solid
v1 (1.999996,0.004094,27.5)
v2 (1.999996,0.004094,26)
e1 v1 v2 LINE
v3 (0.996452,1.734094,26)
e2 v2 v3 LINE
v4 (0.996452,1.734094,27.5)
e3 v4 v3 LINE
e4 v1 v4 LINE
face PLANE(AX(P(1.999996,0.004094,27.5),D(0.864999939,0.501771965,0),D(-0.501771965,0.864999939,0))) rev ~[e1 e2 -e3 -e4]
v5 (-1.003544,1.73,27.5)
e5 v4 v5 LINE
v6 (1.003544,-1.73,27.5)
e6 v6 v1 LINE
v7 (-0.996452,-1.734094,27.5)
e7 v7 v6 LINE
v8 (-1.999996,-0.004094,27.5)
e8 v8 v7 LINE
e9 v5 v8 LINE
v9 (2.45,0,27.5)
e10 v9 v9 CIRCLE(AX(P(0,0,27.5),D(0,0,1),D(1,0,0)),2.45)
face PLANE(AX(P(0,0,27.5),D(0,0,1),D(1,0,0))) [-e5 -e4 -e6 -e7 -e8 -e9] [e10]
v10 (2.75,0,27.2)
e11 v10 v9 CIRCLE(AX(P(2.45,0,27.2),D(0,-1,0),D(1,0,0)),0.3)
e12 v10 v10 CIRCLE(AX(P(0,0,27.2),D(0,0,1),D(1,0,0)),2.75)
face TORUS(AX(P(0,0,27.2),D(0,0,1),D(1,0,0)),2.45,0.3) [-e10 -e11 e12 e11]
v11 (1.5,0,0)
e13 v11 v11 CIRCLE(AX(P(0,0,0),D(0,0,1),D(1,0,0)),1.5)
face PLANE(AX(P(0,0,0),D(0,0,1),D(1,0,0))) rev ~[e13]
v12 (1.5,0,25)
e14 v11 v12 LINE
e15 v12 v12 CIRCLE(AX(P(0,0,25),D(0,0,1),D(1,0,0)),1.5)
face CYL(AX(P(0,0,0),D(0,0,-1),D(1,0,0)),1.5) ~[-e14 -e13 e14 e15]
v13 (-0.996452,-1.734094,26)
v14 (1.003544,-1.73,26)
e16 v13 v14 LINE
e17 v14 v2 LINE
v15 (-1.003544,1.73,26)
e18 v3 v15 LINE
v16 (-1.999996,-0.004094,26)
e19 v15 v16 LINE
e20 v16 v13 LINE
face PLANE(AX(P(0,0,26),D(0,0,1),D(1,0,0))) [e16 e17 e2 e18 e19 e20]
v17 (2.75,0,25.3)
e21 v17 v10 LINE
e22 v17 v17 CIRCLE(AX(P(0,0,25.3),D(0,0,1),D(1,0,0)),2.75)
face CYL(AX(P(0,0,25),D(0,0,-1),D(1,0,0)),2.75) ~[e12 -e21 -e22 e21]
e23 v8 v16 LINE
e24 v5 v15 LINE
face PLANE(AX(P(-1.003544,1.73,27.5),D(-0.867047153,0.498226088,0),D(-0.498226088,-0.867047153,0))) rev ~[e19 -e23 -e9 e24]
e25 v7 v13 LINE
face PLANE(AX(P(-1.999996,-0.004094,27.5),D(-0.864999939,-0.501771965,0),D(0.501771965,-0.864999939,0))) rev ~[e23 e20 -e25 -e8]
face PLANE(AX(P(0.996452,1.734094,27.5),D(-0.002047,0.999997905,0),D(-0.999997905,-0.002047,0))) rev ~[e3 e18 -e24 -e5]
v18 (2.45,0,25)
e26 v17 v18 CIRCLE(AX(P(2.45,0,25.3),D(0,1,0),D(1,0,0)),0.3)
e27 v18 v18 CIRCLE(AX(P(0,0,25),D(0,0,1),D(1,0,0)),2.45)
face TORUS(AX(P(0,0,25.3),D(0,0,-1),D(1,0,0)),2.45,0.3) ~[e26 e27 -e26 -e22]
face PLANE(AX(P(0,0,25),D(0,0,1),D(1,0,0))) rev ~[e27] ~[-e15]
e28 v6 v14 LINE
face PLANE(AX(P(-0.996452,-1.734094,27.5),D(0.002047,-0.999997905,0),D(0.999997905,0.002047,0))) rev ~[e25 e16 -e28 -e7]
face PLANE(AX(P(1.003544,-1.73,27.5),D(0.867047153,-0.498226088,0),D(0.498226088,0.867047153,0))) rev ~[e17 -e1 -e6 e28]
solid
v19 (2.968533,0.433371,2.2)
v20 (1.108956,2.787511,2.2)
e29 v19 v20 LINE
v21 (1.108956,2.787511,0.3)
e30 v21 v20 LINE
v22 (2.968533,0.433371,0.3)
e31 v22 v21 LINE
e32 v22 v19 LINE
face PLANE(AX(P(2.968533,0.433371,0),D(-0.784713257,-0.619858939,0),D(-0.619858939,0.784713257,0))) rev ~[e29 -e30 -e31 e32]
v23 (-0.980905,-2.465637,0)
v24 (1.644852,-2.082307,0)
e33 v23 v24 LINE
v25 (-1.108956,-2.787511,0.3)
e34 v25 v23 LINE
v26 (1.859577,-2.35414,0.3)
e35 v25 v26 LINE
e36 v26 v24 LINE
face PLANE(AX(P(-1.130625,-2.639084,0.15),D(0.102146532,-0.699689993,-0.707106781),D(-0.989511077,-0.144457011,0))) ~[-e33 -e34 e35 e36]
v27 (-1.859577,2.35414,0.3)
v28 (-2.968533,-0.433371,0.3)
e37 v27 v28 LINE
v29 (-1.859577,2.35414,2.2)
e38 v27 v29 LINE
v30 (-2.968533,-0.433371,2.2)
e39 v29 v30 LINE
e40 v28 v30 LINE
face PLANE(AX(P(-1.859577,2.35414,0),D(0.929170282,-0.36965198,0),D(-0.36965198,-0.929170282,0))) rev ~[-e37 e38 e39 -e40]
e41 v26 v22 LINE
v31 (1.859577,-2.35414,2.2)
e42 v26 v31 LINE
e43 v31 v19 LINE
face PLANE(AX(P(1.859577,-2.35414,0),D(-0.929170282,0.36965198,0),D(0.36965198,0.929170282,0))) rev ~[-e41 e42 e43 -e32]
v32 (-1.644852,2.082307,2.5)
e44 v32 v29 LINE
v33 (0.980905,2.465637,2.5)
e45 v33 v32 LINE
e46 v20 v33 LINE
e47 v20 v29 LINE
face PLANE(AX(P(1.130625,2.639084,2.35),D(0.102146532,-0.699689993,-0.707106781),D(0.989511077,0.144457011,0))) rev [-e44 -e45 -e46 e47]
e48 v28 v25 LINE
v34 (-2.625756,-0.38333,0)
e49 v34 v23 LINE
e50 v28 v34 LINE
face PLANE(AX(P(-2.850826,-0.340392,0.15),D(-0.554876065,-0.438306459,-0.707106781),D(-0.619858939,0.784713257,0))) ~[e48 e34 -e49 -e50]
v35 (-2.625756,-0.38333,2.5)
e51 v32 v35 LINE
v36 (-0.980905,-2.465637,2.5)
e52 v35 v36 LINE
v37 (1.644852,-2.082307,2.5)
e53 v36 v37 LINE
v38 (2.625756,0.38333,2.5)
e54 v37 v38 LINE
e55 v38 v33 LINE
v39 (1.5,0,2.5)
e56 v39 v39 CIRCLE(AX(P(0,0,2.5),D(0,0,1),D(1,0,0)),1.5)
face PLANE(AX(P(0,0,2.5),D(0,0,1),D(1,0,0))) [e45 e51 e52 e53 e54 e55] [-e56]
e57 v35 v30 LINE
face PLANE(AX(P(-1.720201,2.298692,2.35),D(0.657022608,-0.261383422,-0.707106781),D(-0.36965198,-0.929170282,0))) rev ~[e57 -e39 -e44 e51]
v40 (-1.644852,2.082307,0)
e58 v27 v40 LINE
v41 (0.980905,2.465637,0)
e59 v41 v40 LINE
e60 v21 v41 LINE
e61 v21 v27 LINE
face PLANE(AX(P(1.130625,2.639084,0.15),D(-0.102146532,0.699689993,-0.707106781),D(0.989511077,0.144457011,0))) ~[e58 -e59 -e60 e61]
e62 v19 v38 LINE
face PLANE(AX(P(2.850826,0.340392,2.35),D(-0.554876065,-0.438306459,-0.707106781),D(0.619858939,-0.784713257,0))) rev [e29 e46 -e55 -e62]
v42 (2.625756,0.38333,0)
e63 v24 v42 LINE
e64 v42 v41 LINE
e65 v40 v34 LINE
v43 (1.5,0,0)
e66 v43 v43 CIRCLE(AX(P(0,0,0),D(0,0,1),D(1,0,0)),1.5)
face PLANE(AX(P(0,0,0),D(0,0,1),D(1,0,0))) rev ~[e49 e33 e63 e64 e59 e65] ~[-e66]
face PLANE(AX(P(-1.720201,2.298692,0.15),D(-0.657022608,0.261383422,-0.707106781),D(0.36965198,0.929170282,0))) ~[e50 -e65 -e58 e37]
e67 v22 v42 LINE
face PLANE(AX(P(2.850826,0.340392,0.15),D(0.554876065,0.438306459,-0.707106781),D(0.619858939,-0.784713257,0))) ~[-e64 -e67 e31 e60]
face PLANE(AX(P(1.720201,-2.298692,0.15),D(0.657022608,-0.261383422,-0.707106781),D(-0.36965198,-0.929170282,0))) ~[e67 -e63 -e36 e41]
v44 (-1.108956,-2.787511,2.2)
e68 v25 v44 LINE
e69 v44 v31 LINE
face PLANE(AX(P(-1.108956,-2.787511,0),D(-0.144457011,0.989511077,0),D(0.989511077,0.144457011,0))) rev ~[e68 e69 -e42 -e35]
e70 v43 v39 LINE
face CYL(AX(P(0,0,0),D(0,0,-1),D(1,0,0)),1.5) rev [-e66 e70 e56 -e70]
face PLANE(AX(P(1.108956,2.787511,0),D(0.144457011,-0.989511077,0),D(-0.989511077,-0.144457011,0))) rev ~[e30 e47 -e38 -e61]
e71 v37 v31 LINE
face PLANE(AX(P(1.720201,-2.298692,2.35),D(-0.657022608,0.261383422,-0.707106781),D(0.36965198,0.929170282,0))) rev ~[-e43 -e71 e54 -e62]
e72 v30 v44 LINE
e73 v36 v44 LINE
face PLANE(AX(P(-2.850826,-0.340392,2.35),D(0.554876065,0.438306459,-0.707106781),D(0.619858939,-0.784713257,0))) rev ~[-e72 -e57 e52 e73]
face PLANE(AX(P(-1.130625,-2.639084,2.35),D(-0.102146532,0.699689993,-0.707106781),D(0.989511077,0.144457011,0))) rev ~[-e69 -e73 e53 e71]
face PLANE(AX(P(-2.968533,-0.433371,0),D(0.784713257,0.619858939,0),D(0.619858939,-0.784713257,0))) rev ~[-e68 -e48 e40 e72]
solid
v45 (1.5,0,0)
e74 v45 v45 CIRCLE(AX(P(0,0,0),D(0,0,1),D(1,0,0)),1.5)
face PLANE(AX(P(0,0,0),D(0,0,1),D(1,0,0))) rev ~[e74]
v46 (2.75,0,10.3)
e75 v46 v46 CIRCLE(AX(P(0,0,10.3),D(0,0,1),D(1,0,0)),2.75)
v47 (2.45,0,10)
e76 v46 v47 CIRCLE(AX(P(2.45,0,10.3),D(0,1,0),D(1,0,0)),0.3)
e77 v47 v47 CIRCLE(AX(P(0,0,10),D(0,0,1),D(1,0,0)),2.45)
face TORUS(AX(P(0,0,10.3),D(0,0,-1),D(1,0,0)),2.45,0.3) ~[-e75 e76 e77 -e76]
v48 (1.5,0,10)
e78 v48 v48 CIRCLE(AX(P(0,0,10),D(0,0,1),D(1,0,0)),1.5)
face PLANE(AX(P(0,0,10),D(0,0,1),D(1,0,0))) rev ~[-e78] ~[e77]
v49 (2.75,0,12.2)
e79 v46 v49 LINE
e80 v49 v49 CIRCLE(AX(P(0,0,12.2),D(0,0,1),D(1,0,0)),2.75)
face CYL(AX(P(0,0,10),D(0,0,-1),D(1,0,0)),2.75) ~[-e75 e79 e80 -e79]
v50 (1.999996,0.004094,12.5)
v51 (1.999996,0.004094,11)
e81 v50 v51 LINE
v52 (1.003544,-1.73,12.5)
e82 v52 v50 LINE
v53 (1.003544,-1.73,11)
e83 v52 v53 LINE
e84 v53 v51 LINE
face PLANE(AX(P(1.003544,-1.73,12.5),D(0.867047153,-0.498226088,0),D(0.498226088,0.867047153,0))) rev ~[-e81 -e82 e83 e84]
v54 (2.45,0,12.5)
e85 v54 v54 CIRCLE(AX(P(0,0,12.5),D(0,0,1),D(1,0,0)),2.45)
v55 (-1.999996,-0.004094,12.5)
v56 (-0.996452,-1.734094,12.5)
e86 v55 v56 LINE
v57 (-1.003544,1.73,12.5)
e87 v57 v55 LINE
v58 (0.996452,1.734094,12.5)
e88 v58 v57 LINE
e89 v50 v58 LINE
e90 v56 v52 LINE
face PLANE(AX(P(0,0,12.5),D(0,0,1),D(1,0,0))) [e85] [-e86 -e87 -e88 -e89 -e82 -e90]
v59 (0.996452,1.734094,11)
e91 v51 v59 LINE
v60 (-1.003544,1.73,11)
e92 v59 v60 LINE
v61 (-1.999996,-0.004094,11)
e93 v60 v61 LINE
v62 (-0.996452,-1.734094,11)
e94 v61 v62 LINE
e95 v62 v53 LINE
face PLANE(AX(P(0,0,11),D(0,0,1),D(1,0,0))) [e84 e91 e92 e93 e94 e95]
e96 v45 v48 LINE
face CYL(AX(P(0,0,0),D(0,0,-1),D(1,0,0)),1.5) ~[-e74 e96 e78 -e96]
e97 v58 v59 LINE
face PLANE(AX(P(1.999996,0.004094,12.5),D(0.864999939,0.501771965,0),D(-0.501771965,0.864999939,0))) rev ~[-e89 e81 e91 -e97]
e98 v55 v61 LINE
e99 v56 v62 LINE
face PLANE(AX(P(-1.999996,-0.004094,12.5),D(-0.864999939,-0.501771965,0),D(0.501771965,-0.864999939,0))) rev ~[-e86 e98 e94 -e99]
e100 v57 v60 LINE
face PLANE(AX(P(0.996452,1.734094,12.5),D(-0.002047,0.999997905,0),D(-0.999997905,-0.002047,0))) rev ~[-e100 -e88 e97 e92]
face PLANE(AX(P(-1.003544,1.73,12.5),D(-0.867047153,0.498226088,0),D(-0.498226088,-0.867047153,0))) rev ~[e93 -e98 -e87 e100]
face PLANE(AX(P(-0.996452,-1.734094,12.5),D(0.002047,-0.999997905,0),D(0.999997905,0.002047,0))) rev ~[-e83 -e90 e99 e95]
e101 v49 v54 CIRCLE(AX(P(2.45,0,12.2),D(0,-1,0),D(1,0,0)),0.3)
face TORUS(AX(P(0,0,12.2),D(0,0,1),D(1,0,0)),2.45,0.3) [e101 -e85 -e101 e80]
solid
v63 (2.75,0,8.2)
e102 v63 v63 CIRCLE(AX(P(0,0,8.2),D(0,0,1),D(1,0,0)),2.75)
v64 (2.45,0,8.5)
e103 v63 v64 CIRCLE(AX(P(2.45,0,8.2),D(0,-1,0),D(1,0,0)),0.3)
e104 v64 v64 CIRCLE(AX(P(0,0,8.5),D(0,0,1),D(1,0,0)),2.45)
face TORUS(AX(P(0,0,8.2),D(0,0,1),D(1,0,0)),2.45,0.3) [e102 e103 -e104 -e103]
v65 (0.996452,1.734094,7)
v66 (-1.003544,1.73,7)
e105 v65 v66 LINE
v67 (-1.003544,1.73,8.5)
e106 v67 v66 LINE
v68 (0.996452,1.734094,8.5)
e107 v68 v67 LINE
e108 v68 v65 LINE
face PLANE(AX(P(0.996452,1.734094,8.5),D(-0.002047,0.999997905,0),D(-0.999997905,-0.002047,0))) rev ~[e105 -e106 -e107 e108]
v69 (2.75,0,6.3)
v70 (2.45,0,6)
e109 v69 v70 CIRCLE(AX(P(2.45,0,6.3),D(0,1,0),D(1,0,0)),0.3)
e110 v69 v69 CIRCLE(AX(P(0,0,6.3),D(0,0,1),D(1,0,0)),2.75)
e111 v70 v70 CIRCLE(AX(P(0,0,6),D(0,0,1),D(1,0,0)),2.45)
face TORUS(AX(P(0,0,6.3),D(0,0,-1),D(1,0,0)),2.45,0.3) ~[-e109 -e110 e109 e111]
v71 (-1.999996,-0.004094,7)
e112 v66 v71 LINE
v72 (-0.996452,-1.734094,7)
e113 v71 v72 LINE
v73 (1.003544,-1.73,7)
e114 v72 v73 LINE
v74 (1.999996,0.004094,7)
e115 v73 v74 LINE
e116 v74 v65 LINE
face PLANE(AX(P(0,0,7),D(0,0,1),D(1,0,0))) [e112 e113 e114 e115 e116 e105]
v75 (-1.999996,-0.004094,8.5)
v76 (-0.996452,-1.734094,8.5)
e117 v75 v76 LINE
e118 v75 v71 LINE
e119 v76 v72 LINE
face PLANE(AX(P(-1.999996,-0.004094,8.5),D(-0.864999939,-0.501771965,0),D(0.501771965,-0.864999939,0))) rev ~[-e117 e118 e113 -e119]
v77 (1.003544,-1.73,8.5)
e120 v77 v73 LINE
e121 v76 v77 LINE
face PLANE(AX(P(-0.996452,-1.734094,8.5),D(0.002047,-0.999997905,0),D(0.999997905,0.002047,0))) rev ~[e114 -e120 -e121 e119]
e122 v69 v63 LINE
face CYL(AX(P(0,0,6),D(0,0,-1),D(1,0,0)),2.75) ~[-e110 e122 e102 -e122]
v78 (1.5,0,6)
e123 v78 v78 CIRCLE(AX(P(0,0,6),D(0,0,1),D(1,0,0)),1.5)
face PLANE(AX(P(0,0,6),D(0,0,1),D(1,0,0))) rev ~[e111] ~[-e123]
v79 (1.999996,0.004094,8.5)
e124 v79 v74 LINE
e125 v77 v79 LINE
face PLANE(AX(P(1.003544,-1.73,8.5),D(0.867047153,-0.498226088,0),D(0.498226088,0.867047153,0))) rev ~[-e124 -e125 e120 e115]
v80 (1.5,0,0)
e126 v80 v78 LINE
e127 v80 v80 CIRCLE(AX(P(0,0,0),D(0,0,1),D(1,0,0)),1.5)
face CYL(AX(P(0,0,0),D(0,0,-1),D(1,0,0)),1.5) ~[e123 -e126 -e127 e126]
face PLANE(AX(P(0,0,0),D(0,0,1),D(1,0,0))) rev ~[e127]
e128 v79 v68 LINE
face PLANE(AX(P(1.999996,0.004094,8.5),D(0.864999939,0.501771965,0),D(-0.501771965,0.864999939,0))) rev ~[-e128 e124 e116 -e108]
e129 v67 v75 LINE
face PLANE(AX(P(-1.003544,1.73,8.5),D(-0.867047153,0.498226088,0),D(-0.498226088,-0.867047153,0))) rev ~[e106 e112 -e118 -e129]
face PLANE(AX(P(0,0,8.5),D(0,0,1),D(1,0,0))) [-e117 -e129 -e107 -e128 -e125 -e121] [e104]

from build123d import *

# Parameters (mm, degrees)
SKETCH_R        = 1.5
PAD_DEPTH       = 10
SKETCH001_R     = 2.75
PAD001_DEPTH    = 2.5
POCKET_DEPTH    = 1.5
FILLET_R        = 0.3
SKETCH004_R     = 1.5
PAD002_DEPTH    = 2.5
CHAMFER001_SIZE = 0.3
CHAMFER002_SIZE = 0.3
SKETCH005_R     = 1.5
PAD004_DEPTH    = 6
SKETCH006_R     = 2.75
PAD003_DEPTH    = 2.5
POCKET001_DEPTH = 1.5
FILLET001_R     = 0.3
SKETCH008_R     = 1.5
PAD006_DEPTH    = 25
SKETCH009_R     = 2.75
PAD005_DEPTH    = 2.5
POCKET002_DEPTH = 1.5
FILLET002_R     = 0.3


with BuildPart() as m3_10mm:
    # Sketch → Pad (new body)
    with BuildSketch(Plane.XY):
        Circle(SKETCH_R)
    extrude(amount=PAD_DEPTH)

    # Sketch001 (on Face3 of Pad) → Pad001 (join)
    with BuildSketch(Plane.XY.offset(10)):
        Circle(SKETCH001_R)
    extrude(amount=PAD001_DEPTH)

    # Sketch002 (on Face3 of Pad001) → Pocket (cut)
    with BuildSketch(Plane.XY.offset(12.5)):
        Polygon((1.999996, 0.004094), (0.996452, 1.734094), (-1.003544, 1.73), (-1.999996, -0.004094), (-0.996452, -1.734094), (1.003544, -1.73), align=None)
    extrude(amount=-POCKET_DEPTH, mode=Mode.SUBTRACT)

    # Fillet
    fillet_edges = [m3_10mm.edges().sort_by_distance(p)[0] for p in [
        (-2.75, 0, 12.5),
        (-2.75, 0, 10),
    ]]
    fillet(fillet_edges, radius=FILLET_R)


with BuildPart() as m3_nut:
    # Sketch004 → Pad002 (new body)
    with BuildSketch(Plane.XY):
        Polygon((1.108956, 2.787511), (-1.859577, 2.35414), (-2.968533, -0.433371), (-1.108956, -2.787511), (1.859577, -2.35414), (2.968533, 0.433371), align=None)
        Circle(SKETCH004_R, mode=Mode.SUBTRACT)
    extrude(amount=PAD002_DEPTH)

    # Chamfer001
    chamfer001_edges = [m3_nut.edges().sort_by_distance(p)[0] for p in [
        (-2.038745, -1.610441, 0),
        (0.37531, -2.570825, 0),
        (2.414055, -0.960384, 0),
        (2.038745, 1.610441, 0),
        (-0.37531, 2.570825, 0),
        (-2.414055, 0.960384, 0),
    ]]
    chamfer(chamfer001_edges, length=CHAMFER001_SIZE)

    # Chamfer002
    chamfer002_edges = [m3_nut.edges().sort_by_distance(p)[0] for p in [
        (0.37531, -2.570825, 2.5),
        (-2.038745, -1.610441, 2.5),
        (-2.414055, 0.960384, 2.5),
        (-0.37531, 2.570825, 2.5),
        (2.038745, 1.610441, 2.5),
        (2.414055, -0.960384, 2.5),
    ]]
    chamfer(chamfer002_edges, length=CHAMFER002_SIZE)


with BuildPart() as m3_6mm:
    # Sketch005 → Pad004 (new body)
    with BuildSketch(Plane.XY):
        Circle(SKETCH005_R)
    extrude(amount=PAD004_DEPTH)

    # Sketch006 (on Face3 of Pad004) → Pad003 (join)
    with BuildSketch(Plane.XY.offset(6)):
        Circle(SKETCH006_R)
    extrude(amount=PAD003_DEPTH)

    # Sketch007 (on Face3 of Pad003) → Pocket001 (cut)
    with BuildSketch(Plane.XY.offset(8.5)):
        Polygon((1.999996, 0.004094), (0.996452, 1.734094), (-1.003544, 1.73), (-1.999996, -0.004094), (-0.996452, -1.734094), (1.003544, -1.73), align=None)
    extrude(amount=-POCKET001_DEPTH, mode=Mode.SUBTRACT)

    # Fillet001
    fillet001_edges = [m3_6mm.edges().sort_by_distance(p)[0] for p in [
        (-2.75, 0, 8.5),
        (-2.75, 0, 6),
    ]]
    fillet(fillet001_edges, radius=FILLET001_R)


with BuildPart() as m3_25mm:
    # Sketch008 → Pad006 (new body)
    with BuildSketch(Plane.XY):
        Circle(SKETCH008_R)
    extrude(amount=PAD006_DEPTH)

    # Sketch009 (on Face3 of Pad006) → Pad005 (join)
    with BuildSketch(Plane.XY.offset(25)):
        Circle(SKETCH009_R)
    extrude(amount=PAD005_DEPTH)

    # Sketch010 (on Face3 of Pad005) → Pocket002 (cut)
    with BuildSketch(Plane.XY.offset(27.5)):
        Polygon((1.999996, 0.004094), (0.996452, 1.734094), (-1.003544, 1.73), (-1.999996, -0.004094), (-0.996452, -1.734094), (1.003544, -1.73), align=None)
    extrude(amount=-POCKET002_DEPTH, mode=Mode.SUBTRACT)

    # Fillet002
    fillet002_edges = [m3_25mm.edges().sort_by_distance(p)[0] for p in [
        (-2.75, 0, 27.5),
        (-2.75, 0, 25),
    ]]
    fillet(fillet002_edges, radius=FILLET002_R)


solid = Compound([m3_10mm.part, m3_nut.part, m3_6mm.part, m3_25mm.part])
